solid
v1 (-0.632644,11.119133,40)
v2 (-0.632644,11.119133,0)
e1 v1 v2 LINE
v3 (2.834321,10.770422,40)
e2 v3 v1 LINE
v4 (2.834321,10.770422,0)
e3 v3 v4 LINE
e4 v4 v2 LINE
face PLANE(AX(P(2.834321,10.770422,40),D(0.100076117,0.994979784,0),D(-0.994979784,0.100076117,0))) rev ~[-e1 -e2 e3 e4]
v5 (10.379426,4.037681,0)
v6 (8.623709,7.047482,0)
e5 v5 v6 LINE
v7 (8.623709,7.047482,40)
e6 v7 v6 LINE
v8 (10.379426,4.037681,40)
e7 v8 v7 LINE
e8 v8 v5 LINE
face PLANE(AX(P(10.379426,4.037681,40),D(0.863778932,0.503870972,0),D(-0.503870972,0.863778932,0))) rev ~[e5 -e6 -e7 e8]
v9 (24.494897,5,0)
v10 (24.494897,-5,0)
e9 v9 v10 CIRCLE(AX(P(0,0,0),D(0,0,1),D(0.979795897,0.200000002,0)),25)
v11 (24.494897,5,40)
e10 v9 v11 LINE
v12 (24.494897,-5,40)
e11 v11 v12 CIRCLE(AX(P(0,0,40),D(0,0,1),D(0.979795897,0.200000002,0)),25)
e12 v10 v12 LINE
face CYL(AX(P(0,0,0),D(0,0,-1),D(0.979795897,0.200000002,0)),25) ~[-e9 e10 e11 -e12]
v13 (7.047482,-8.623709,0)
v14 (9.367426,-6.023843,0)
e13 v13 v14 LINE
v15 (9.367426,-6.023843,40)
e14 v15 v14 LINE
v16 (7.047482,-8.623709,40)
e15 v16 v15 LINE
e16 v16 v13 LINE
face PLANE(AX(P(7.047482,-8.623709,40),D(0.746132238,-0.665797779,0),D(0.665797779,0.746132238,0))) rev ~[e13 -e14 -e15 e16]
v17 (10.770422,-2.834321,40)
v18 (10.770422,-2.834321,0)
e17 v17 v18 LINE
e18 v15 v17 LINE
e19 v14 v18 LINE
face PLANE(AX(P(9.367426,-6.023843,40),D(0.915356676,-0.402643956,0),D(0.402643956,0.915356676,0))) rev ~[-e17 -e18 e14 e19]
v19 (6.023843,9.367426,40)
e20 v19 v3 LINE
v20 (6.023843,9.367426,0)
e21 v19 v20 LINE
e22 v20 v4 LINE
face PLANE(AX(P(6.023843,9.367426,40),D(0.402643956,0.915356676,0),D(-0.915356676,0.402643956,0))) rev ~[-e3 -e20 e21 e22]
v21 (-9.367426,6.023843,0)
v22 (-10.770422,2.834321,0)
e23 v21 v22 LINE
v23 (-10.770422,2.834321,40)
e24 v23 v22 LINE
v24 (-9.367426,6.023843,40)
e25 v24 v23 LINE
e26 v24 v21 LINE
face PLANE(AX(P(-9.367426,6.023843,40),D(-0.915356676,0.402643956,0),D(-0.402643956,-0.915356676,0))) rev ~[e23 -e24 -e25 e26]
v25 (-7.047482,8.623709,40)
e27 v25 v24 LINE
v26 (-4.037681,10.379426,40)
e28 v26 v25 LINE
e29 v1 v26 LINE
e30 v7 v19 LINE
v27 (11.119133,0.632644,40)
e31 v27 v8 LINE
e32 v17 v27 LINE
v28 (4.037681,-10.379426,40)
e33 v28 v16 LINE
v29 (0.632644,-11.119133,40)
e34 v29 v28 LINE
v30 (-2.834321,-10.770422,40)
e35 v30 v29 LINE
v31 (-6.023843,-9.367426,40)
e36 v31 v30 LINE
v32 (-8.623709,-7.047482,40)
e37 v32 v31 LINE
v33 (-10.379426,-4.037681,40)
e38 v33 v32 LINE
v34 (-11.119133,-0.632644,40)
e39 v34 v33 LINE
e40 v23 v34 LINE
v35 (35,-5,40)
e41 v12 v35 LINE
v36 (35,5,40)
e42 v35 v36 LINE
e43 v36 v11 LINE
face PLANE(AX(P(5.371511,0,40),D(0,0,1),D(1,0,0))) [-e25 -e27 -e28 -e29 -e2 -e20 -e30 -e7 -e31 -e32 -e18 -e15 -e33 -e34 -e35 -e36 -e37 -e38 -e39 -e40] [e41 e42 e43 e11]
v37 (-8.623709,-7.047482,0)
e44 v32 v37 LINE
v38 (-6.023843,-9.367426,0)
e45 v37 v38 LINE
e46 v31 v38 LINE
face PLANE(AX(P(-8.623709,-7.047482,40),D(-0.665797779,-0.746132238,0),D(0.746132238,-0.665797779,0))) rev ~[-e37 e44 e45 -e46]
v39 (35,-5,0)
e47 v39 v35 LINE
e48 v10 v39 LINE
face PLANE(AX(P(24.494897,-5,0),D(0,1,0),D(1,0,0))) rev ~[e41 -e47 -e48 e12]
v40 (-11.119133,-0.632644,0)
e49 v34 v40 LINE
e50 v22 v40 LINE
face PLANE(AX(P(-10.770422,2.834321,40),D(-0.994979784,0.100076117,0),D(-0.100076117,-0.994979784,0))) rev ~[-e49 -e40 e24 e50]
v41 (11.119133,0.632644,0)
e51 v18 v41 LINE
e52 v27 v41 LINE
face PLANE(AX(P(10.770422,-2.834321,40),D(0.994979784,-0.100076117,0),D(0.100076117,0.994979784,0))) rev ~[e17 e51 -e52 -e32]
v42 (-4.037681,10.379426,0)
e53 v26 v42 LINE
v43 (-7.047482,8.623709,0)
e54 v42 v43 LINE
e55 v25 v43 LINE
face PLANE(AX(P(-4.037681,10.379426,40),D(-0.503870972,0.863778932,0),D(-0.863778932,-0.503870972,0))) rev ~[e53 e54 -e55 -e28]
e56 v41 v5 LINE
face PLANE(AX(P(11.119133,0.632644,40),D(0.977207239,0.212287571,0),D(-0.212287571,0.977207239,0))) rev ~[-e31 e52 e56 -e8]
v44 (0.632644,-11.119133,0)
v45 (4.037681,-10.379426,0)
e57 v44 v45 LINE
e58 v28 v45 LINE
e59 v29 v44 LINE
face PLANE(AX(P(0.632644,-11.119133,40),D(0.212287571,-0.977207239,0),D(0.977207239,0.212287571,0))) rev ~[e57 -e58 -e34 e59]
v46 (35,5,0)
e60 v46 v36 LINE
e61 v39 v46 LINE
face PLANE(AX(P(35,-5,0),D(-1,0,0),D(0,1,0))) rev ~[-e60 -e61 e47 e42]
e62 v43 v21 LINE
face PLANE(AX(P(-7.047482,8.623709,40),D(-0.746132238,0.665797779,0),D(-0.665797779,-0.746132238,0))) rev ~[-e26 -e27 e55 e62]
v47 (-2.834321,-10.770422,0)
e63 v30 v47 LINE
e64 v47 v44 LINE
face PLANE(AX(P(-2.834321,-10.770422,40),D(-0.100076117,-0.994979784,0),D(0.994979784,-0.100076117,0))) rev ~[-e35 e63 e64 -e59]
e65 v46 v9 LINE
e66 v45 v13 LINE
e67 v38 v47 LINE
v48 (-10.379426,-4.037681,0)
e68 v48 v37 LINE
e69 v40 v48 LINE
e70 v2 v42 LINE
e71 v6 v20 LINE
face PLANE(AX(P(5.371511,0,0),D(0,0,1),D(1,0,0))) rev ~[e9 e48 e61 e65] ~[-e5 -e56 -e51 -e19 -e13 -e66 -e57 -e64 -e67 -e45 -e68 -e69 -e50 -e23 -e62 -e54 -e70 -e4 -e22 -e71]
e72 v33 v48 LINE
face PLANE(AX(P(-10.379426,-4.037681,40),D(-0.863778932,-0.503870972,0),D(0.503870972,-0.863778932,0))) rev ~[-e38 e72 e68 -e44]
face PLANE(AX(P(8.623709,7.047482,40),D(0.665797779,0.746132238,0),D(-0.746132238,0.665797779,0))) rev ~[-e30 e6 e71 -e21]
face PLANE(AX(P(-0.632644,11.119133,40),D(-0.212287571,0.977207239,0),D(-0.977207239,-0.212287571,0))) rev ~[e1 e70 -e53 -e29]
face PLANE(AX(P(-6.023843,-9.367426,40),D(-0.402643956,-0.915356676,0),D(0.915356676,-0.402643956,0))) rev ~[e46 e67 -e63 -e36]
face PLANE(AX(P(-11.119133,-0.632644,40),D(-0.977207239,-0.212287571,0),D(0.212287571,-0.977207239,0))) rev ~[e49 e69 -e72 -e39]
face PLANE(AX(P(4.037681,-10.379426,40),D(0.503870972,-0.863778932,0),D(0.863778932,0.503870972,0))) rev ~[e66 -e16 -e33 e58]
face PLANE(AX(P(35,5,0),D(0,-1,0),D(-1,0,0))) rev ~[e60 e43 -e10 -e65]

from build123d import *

# Parameters (mm, degrees)
F1_DEPTH = 40
F3_DEPTH = 50


with BuildPart() as f1:
    # F0 (on Top) → F1 (new body)
    with BuildSketch(Plane.XY):
        with BuildLine():
            Line((35, 5), (24.494897, 5))
            ThreePointArc((24.494897, 5), (-25, 0), (24.494897, -5))
            Line((24.494897, -5), (35, -5))
            Line((35, -5), (35, 5))
        make_face()
    extrude(amount=F1_DEPTH)

    # F2 (on face) → F3 (cut)
    with BuildSketch(Plane.XY.offset(40)):
        Polygon((-10.379426, -4.037681), (-8.623709, -7.047482), (-6.023843, -9.367426), (-2.834321, -10.770422), (0.632644, -11.119133), (4.037681, -10.379426), (7.047482, -8.623709), (9.367426, -6.023843), (10.770422, -2.834321), (11.119133, 0.632644), (10.379426, 4.037681), (8.623709, 7.047482), (6.023843, 9.367426), (2.834321, 10.770422), (-0.632644, 11.119133), (-4.037681, 10.379426), (-7.047482, 8.623709), (-9.367426, 6.023843), (-10.770422, 2.834321), (-11.119133, -0.632644), align=None)
    extrude(amount=-F3_DEPTH, mode=Mode.SUBTRACT)


solid = f1.part
